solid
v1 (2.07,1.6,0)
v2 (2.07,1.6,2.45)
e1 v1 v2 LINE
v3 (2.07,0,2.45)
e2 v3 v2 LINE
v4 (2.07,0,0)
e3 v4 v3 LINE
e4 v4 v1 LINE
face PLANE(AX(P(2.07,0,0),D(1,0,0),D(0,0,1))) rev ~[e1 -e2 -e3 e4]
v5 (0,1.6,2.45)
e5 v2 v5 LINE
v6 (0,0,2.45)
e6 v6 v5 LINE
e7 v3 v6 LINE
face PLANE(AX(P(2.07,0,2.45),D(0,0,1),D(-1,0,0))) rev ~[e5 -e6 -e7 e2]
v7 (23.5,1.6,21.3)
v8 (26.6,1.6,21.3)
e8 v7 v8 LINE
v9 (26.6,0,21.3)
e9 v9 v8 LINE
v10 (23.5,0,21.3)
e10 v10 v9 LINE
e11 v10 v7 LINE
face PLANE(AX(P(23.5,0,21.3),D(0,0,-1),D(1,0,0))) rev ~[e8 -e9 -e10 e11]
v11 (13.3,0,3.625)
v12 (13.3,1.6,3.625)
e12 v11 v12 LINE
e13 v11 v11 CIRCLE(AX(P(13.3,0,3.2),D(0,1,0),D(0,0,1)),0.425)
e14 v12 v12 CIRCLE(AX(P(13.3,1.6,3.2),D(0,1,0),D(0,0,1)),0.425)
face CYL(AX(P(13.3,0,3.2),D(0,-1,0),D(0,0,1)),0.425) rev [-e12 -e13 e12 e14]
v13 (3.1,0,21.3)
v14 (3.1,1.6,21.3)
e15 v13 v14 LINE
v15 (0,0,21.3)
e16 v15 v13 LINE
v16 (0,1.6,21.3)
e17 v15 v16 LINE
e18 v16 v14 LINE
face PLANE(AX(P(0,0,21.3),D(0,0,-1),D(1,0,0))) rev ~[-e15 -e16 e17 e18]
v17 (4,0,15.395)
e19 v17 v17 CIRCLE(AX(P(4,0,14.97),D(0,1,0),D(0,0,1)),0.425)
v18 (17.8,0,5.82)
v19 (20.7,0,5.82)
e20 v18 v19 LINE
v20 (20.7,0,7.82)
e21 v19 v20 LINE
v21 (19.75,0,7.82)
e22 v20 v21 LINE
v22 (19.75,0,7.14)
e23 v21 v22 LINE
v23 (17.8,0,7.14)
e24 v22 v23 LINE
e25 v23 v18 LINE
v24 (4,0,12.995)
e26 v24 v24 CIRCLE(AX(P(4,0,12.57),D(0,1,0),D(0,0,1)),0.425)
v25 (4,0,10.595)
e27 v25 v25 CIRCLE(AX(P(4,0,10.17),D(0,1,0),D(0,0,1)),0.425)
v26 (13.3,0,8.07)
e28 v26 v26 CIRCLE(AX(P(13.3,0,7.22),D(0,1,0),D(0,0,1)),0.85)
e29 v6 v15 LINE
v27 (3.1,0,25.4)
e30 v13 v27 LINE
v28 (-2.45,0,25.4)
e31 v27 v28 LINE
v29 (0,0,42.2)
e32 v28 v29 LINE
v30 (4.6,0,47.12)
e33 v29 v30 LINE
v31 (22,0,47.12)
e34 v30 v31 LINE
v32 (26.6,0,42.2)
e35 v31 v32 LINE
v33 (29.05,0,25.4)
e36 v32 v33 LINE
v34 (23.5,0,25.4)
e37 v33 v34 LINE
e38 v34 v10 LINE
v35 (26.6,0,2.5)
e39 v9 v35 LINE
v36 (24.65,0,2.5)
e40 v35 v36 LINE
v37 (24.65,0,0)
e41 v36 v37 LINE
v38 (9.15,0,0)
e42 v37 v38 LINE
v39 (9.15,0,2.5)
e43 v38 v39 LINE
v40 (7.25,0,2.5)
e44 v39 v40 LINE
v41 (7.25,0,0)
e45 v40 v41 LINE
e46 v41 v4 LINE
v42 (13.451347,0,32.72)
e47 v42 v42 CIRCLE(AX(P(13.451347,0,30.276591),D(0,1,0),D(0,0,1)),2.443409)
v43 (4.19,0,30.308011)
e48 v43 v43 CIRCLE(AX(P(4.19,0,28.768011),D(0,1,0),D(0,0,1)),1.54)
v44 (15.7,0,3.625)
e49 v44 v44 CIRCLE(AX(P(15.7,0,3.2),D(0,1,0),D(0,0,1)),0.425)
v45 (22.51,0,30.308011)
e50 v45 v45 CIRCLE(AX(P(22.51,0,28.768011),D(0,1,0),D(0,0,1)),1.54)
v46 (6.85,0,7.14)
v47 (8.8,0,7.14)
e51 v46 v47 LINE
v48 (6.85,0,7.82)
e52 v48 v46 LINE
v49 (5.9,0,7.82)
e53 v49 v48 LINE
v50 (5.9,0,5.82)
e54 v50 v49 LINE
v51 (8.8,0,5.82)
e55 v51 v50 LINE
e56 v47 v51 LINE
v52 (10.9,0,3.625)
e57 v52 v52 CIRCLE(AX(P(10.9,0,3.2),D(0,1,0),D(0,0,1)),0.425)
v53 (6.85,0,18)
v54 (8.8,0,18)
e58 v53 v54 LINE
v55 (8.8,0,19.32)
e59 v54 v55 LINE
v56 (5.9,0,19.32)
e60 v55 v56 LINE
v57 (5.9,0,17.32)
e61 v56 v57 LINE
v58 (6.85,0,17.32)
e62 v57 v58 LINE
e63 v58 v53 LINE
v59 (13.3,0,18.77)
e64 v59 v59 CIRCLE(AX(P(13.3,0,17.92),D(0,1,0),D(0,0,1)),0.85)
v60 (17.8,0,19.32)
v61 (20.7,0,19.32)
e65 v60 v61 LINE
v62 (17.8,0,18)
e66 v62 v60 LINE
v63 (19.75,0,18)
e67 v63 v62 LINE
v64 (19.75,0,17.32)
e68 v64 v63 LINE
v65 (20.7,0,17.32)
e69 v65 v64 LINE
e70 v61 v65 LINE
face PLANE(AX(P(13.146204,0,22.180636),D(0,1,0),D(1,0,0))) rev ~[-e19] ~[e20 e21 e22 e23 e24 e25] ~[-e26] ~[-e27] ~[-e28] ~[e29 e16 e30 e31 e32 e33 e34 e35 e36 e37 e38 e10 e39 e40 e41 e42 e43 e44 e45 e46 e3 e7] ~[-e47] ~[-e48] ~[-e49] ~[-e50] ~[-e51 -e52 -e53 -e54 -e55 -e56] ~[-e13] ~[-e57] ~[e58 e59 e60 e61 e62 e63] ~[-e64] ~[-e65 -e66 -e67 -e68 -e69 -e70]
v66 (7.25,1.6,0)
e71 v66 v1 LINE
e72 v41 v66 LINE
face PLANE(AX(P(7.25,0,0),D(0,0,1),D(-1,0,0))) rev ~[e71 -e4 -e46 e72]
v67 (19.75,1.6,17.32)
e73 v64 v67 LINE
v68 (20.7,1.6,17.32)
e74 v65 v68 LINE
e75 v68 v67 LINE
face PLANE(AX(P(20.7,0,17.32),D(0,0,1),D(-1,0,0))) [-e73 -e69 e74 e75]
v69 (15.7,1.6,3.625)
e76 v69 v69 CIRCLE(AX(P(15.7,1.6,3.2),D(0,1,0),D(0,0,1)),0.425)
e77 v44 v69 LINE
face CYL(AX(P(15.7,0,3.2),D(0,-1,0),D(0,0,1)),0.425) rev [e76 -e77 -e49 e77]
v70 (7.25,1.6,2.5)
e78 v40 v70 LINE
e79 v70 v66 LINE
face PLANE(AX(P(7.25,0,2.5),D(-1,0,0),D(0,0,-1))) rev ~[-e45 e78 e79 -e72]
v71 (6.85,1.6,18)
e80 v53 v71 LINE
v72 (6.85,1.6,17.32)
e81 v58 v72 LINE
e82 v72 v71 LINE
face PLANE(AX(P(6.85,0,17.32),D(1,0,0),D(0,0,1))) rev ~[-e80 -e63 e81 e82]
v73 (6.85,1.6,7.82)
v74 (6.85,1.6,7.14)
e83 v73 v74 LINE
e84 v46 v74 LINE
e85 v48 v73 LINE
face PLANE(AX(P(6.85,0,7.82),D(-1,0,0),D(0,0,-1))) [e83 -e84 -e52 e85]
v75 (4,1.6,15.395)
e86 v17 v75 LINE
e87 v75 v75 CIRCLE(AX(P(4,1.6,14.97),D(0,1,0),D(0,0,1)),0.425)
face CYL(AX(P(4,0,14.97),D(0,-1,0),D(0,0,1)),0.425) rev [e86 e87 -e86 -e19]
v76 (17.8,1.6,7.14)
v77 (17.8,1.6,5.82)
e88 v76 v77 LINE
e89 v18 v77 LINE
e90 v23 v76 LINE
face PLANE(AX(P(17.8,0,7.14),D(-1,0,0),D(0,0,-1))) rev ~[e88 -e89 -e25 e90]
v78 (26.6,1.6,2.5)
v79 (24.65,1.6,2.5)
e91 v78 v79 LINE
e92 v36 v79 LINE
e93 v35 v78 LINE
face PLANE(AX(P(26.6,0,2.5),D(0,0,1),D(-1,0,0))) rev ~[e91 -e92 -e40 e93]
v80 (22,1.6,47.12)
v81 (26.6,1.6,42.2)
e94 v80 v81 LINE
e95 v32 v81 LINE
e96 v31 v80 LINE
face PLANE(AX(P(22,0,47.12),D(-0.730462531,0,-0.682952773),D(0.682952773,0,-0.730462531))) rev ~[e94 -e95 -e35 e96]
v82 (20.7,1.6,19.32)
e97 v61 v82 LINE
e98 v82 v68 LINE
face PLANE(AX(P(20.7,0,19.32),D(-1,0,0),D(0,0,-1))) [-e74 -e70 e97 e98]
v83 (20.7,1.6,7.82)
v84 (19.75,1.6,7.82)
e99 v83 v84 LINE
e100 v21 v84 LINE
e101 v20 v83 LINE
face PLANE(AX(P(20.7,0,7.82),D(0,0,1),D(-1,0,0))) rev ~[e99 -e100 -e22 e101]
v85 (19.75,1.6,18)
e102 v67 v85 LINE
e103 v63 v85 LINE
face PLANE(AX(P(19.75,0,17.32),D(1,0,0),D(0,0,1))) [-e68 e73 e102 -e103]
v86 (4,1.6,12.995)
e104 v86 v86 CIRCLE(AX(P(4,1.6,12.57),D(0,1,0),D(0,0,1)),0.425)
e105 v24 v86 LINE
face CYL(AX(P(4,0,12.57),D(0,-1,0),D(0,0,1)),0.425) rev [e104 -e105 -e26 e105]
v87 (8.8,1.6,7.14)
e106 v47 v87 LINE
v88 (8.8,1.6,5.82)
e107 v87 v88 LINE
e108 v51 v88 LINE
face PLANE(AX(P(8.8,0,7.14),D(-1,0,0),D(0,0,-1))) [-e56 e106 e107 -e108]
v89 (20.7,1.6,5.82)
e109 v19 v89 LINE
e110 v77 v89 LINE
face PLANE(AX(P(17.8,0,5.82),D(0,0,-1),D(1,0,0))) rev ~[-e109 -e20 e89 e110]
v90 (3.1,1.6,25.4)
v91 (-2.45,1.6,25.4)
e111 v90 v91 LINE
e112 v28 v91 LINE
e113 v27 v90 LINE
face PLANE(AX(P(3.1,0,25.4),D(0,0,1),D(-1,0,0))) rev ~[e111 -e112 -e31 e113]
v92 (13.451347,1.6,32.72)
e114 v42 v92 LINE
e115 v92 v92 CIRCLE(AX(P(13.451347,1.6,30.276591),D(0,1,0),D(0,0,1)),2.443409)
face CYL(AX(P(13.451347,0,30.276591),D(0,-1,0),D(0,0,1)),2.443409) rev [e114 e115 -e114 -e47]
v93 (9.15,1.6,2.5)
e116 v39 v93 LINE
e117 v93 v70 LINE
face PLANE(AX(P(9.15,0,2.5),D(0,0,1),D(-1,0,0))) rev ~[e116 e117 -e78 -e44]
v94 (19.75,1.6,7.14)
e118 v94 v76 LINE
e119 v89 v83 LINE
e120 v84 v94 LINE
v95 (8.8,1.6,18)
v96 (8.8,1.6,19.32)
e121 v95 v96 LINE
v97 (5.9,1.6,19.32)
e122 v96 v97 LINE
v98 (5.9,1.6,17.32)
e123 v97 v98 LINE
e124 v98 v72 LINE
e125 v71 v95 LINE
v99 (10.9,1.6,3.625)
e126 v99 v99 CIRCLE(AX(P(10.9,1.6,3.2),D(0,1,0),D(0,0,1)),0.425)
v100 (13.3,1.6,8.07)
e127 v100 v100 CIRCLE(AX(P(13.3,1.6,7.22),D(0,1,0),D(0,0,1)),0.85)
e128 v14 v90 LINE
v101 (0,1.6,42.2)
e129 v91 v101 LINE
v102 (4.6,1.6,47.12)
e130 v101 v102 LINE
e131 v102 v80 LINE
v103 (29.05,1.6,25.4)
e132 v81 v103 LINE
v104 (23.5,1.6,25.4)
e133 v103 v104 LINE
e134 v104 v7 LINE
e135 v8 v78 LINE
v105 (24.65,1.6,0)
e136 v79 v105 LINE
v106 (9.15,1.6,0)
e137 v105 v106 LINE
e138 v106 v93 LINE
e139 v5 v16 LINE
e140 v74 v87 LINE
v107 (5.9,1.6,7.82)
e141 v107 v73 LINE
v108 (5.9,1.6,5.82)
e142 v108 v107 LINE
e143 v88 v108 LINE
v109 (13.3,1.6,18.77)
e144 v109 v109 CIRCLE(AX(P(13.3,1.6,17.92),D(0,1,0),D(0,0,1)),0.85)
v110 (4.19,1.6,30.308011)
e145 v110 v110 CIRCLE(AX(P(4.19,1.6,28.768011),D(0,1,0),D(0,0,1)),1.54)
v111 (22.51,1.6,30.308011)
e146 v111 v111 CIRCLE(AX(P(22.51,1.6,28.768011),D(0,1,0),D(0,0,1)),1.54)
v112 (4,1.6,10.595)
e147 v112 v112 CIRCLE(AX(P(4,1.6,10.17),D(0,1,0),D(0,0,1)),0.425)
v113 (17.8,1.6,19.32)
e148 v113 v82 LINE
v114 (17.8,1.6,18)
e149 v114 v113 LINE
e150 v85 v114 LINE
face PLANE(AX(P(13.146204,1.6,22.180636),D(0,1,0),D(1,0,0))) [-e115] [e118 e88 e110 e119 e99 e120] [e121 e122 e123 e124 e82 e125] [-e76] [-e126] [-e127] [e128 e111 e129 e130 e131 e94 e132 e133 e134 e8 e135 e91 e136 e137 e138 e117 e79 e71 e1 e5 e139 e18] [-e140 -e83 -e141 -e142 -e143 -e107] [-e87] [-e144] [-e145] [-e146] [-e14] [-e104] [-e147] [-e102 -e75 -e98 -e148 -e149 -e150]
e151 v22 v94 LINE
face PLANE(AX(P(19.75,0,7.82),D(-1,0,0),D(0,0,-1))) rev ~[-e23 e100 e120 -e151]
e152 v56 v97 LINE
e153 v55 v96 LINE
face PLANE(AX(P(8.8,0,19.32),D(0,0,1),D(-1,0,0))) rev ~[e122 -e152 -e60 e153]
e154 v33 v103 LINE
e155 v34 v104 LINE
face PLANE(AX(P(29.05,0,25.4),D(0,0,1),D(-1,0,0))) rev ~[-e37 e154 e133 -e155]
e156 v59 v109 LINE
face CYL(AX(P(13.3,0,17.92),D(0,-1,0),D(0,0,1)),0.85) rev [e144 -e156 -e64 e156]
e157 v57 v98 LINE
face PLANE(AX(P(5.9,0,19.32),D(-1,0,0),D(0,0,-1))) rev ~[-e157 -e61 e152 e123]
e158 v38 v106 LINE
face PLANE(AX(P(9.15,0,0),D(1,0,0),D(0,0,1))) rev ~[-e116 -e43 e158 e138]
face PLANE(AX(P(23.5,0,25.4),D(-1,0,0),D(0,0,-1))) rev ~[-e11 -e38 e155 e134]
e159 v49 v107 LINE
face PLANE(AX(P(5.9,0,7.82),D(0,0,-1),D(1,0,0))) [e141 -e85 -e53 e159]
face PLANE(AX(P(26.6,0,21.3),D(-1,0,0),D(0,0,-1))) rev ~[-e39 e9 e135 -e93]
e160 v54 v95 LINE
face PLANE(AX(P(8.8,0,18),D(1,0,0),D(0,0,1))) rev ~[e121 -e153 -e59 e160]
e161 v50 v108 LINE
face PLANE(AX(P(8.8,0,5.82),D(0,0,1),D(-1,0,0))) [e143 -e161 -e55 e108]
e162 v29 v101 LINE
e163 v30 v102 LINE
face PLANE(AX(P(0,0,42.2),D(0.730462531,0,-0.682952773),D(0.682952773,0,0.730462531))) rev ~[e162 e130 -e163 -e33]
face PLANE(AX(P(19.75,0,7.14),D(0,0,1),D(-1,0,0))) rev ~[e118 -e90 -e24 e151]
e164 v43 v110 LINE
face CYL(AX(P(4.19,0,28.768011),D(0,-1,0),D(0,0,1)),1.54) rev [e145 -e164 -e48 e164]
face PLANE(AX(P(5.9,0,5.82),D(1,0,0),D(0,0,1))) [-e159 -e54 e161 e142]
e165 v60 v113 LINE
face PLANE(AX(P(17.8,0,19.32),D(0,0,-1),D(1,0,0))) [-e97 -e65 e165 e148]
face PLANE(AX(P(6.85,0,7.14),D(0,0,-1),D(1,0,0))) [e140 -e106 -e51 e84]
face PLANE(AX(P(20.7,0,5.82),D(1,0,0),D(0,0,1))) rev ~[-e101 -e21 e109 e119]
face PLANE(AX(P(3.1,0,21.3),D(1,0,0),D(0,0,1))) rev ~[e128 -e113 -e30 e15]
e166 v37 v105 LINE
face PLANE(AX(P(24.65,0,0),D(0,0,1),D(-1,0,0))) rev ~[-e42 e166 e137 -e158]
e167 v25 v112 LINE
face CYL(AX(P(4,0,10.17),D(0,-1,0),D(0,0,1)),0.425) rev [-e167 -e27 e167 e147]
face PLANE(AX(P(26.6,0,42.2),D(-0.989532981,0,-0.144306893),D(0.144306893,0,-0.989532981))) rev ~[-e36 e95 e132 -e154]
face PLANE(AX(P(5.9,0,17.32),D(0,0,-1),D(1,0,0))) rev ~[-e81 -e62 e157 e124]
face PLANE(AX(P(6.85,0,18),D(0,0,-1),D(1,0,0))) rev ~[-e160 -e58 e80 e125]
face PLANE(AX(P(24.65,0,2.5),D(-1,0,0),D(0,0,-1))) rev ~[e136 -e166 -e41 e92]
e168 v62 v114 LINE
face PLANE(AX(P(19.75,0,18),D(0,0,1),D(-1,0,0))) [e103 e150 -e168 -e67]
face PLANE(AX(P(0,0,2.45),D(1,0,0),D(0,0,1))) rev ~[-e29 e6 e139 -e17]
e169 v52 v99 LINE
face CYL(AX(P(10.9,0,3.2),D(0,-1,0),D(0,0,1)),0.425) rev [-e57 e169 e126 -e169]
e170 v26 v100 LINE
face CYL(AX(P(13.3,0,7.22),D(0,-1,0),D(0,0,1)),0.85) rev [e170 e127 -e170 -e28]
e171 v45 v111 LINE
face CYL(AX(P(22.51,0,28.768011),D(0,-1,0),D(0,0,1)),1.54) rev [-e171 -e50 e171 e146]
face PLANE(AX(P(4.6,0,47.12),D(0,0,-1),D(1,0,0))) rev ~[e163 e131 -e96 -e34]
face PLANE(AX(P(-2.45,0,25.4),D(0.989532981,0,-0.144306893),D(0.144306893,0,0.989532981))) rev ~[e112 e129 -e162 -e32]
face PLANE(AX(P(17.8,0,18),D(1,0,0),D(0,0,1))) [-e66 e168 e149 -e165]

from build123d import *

# Parameters (mm, degrees)
SKETCH1_R           = 1.54
SKETCH1_R_2         = 2.443409063
SKETCH1_R_3         = 0.85
SKETCH1_R_4         = 0.425
BOSS_EXTRUDE1_DEPTH = 1.6


with BuildPart() as part:
    # Sketch1 → Boss-Extrude1 (new body)
    with BuildSketch(Plane(origin=(0, 0, 0), x_dir=(1, 0, 0), z_dir=(0, 1, 0))):
        Polygon((2.07, 0), (2.07, -2.45), (0, -2.45), (0, -21.3), (3.1, -21.3), (3.1, -25.4), (0, -25.4), (-2.45, -25.4), (0, -42.2), (4.6, -47.12), (22, -47.12), (26.6, -42.2), (29.05, -25.4), (26.6, -25.4), (23.5, -25.4), (23.5, -21.3), (26.6, -21.3), (26.6, -2.5), (24.65, -2.5), (24.65, 0), (9.15, 0), (9.15, -2.5), (7.25, -2.5), (7.25, 0), align=None)
        with Locations(Location((22.51, -28.768011283, 0), (0, 0, 270))):
            Circle(SKETCH1_R, mode=Mode.SUBTRACT)
        with Locations(Location((4.19, -28.768011283, 0), (0, 0, 270))):
            Circle(SKETCH1_R, mode=Mode.SUBTRACT)
        with Locations(Location((13.451347261, -30.276590937, 0), (0, 0, 270))):
            Circle(SKETCH1_R_2, mode=Mode.SUBTRACT)
        with Locations(Location((13.3, -7.22, 0), (0, 0, 270))):
            Circle(SKETCH1_R_3, mode=Mode.SUBTRACT)
        with Locations(Location((13.3, -17.92, 0), (0, 0, 270))):
            Circle(SKETCH1_R_3, mode=Mode.SUBTRACT)
        with Locations(Location((13.3, -3.2, 0), (0, 0, 270))):
            Circle(SKETCH1_R_4, mode=Mode.SUBTRACT)
        with Locations(Location((15.7, -3.2, 0), (0, 0, 270))):
            Circle(SKETCH1_R_4, mode=Mode.SUBTRACT)
        with Locations(Location((10.9, -3.2, 0), (0, 0, 270))):
            Circle(SKETCH1_R_4, mode=Mode.SUBTRACT)
        with Locations(Location((4, -14.97, 0), (0, 0, 270))):
            Circle(SKETCH1_R_4, mode=Mode.SUBTRACT)
        with Locations(Location((4, -12.57, 0), (0, 0, 270))):
            Circle(SKETCH1_R_4, mode=Mode.SUBTRACT)
        with Locations(Location((4, -10.17, 0), (0, 0, 270))):
            Circle(SKETCH1_R_4, mode=Mode.SUBTRACT)
        Polygon((20.7, -19.32), (20.7, -17.32), (19.75, -17.32), (19.75, -18), (17.8, -18), (17.8, -19.32), align=None, mode=Mode.SUBTRACT)
        Polygon((8.8, -19.32), (5.9, -19.32), (5.9, -17.32), (6.85, -17.32), (6.85, -18), (8.8, -18), align=None, mode=Mode.SUBTRACT)
        Polygon((17.8, -5.82), (20.7, -5.82), (20.7, -7.82), (19.75, -7.82), (19.75, -7.14), (17.8, -7.14), align=None, mode=Mode.SUBTRACT)
        Polygon((5.9, -5.82), (5.9, -7.82), (6.85, -7.82), (6.85, -7.14), (8.8, -7.14), (8.8, -5.82), align=None, mode=Mode.SUBTRACT)
    extrude(amount=BOSS_EXTRUDE1_DEPTH)


solid = part.part
